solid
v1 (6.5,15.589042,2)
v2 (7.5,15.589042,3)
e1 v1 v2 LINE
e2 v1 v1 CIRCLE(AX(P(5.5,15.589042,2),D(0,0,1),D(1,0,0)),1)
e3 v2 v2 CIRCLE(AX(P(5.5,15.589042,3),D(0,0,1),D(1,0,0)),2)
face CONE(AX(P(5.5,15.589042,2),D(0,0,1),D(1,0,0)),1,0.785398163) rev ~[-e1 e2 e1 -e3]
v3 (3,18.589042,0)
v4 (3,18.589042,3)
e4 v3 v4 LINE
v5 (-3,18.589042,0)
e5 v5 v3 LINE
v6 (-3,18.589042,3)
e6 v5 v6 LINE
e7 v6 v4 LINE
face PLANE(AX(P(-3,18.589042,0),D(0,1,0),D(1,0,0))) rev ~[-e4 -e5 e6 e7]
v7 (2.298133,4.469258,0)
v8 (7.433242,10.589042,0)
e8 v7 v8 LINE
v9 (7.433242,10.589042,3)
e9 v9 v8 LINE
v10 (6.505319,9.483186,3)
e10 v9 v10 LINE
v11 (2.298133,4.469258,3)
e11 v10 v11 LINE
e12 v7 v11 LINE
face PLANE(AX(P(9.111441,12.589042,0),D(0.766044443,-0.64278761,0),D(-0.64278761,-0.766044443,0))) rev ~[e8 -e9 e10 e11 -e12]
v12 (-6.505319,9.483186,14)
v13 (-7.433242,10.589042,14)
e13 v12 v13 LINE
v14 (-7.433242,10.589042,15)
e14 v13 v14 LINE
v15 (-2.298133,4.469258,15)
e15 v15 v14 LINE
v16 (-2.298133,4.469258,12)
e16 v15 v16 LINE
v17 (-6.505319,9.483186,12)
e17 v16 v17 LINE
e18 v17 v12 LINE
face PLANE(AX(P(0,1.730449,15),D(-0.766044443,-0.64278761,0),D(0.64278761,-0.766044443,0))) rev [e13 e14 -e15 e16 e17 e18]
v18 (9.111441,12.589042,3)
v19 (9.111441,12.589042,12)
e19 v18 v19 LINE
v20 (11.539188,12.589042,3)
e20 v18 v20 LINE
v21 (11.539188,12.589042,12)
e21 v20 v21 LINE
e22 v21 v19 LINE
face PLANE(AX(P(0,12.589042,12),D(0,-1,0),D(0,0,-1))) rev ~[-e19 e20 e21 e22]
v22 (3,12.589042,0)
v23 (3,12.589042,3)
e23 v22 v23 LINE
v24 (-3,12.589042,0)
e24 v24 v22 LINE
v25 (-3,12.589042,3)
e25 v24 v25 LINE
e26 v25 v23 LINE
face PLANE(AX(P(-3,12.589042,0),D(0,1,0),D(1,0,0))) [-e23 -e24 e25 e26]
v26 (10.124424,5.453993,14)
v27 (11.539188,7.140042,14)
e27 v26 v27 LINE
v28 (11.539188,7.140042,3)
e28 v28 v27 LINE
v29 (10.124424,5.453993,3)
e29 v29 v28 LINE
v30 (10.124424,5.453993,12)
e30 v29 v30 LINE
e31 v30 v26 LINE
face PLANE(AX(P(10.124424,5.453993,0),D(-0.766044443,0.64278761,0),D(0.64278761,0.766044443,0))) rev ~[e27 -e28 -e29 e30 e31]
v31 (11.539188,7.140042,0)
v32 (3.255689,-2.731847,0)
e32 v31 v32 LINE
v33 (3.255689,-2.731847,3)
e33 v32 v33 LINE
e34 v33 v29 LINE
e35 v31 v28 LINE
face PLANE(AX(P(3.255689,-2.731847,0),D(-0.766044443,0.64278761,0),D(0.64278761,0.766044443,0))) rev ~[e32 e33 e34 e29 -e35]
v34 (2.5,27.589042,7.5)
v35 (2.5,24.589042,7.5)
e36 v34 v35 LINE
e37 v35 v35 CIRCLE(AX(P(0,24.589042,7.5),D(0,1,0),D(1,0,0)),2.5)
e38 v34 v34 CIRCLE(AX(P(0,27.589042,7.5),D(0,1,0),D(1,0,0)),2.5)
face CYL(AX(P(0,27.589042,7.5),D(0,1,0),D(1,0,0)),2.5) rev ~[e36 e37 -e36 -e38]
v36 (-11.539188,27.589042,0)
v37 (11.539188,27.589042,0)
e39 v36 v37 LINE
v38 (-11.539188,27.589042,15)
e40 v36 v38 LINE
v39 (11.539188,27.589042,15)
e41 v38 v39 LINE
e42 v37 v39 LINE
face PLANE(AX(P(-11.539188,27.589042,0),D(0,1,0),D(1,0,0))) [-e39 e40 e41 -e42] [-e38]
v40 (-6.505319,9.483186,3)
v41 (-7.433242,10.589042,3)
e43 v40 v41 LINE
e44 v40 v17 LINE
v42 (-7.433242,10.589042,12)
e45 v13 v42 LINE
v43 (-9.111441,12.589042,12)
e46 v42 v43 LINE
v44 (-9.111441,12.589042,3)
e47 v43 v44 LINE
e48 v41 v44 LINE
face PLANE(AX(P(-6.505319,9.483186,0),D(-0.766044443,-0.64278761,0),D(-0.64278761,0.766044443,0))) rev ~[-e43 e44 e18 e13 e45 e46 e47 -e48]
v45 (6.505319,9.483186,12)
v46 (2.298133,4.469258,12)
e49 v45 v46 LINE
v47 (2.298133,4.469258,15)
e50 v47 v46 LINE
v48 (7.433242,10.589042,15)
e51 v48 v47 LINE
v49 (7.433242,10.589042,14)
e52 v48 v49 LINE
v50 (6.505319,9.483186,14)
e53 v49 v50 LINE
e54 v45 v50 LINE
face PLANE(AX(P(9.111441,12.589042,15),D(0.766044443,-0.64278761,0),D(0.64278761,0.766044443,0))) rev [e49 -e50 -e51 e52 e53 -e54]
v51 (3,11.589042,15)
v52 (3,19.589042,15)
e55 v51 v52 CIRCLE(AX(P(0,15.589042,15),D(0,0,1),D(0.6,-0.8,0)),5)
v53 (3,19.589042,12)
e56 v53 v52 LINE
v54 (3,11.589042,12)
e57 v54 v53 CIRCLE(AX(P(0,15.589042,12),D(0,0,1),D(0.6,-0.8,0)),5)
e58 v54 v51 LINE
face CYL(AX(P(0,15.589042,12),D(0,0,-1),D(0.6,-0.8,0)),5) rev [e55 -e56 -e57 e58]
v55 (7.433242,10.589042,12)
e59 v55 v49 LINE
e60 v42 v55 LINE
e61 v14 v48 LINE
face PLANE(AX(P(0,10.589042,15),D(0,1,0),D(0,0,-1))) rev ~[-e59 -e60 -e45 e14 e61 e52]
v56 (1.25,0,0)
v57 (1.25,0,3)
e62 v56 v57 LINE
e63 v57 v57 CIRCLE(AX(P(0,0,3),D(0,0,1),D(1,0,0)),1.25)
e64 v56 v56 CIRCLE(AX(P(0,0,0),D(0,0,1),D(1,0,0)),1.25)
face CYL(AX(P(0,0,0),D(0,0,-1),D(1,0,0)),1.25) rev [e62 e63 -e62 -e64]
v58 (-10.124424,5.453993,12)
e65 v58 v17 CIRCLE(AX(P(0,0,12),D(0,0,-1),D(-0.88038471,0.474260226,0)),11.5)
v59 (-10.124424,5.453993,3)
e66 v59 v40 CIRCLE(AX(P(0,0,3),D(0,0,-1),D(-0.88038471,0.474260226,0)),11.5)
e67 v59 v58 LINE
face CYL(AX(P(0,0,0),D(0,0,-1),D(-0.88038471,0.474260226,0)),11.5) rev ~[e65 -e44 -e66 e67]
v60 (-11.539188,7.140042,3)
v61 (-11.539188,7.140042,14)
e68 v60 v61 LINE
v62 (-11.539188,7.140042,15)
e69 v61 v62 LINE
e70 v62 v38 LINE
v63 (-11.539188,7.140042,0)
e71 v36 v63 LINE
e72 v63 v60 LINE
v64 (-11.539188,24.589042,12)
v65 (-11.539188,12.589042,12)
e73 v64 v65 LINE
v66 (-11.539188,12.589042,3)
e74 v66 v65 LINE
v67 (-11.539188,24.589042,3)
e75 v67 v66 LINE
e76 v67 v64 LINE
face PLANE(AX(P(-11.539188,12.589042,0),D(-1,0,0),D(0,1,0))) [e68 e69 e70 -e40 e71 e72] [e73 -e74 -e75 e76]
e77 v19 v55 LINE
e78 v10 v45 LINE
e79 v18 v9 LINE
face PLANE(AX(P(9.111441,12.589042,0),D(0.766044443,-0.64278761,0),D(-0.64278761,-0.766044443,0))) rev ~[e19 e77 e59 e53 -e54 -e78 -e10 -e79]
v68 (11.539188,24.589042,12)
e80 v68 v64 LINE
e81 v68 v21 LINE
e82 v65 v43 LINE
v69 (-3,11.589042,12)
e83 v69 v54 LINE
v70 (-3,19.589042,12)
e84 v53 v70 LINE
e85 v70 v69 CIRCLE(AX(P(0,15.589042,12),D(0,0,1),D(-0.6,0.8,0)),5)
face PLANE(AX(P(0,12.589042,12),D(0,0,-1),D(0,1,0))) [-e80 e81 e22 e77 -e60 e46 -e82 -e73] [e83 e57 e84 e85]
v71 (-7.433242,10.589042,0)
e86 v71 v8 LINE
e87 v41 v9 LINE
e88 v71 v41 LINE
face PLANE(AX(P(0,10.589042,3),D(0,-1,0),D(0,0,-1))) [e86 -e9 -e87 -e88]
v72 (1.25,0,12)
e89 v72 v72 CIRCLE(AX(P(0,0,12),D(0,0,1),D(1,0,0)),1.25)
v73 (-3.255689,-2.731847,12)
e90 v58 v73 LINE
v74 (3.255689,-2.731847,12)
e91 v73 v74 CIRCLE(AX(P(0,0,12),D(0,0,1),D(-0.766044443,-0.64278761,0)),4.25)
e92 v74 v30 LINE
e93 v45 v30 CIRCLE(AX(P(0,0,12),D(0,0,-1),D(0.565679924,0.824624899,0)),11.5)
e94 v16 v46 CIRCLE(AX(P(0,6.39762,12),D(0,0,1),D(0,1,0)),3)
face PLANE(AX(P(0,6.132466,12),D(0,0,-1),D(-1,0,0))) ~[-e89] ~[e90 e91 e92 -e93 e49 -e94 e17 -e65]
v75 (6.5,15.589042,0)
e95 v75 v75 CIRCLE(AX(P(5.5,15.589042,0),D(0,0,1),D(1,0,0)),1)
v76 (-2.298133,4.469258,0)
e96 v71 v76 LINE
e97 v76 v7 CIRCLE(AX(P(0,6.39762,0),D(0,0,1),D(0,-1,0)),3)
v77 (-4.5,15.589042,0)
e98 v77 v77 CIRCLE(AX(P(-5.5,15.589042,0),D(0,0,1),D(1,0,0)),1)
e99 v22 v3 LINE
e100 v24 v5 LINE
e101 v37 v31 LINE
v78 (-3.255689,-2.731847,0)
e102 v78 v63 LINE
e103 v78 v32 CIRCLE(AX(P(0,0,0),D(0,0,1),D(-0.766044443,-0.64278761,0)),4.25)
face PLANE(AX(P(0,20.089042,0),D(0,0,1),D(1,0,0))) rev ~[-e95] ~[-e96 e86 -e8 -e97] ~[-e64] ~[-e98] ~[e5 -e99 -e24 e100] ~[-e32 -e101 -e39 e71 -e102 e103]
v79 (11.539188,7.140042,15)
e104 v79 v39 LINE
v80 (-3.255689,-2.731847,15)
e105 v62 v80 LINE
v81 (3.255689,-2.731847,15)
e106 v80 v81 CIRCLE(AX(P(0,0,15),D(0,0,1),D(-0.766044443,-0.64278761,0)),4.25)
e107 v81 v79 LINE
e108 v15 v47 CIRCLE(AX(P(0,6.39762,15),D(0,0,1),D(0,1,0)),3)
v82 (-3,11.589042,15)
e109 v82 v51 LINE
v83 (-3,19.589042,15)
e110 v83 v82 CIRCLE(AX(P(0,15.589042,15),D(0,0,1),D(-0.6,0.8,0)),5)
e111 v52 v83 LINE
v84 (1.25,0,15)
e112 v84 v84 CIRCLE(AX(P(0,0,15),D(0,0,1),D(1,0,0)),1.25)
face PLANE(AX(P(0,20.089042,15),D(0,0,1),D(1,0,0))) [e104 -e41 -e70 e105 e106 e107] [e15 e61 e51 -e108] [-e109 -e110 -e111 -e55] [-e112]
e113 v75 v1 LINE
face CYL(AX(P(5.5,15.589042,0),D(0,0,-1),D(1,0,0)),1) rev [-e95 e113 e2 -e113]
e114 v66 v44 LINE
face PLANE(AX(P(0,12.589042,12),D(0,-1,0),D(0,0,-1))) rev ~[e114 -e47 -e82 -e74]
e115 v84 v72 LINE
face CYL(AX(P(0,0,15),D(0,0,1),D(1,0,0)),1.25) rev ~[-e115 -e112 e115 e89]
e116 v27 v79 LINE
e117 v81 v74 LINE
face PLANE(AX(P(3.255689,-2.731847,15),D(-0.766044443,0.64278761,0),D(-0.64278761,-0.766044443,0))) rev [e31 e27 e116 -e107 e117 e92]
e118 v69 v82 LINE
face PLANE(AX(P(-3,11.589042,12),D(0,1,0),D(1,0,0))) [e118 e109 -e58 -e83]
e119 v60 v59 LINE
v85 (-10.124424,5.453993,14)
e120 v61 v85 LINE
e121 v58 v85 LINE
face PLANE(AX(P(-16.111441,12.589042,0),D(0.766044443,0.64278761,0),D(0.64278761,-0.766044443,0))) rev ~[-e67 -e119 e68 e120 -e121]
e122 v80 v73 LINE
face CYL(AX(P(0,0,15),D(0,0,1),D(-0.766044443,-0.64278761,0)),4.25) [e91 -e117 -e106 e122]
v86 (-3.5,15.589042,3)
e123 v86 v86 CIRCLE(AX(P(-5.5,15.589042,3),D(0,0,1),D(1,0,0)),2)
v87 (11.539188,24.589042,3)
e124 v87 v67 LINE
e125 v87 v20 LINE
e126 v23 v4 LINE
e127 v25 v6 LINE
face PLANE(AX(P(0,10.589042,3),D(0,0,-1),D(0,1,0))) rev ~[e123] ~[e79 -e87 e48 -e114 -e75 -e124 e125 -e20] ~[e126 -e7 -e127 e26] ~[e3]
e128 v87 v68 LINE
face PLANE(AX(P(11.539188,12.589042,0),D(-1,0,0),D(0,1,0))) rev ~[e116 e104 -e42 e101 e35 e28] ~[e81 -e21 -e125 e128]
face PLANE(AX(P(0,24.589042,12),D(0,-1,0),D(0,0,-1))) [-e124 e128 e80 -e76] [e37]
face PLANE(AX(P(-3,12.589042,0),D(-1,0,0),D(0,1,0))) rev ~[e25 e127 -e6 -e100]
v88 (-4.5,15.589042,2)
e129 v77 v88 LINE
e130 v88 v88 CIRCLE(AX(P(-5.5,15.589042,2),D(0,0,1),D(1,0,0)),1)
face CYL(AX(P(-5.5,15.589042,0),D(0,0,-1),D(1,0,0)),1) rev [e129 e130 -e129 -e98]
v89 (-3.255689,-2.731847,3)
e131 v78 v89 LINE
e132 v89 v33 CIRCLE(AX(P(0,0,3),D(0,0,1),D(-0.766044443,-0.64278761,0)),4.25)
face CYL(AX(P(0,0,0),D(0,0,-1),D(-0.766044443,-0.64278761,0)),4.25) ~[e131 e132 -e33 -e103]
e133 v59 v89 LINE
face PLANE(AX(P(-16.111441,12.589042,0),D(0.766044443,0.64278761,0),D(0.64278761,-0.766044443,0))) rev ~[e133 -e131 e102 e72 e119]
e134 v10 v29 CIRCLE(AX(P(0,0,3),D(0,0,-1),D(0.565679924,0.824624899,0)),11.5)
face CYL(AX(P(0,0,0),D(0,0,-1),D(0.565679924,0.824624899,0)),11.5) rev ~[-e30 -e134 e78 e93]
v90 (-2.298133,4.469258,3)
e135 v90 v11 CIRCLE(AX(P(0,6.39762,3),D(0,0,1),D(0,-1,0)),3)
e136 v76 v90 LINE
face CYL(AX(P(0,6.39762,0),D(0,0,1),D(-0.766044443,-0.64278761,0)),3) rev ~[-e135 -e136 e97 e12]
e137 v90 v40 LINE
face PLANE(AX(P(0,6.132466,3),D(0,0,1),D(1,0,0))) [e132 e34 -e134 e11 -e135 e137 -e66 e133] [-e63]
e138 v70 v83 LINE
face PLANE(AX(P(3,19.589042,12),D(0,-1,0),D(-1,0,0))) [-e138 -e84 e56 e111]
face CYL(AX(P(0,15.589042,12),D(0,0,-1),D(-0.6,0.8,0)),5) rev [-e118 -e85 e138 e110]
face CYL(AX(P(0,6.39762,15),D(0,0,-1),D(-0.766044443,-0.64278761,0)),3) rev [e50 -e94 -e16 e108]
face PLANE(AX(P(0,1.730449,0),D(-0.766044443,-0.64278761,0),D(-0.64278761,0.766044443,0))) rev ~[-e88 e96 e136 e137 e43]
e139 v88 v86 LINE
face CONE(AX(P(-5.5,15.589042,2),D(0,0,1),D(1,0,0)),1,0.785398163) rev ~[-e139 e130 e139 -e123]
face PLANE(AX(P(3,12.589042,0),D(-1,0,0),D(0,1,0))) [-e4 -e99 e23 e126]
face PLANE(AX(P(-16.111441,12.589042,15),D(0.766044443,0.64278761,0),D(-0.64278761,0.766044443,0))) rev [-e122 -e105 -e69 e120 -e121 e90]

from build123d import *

# Parameters (mm, degrees)
SKETCH1_R           = 1.25
BOSS_EXTRUDE1_DEPTH = 3
BOSS_EXTRUDE2_DEPTH = 14
FILLET1_R           = 1
FILLET3_R           = 3
CUT_EXTRUDE1_DEPTH  = 15
SKETCH8_W           = 23.078375234
SKETCH8_H           = 15
BOSS_EXTRUDE6_DEPTH = 15
SKETCH9_W           = 9
SKETCH9_H           = 12
CUT_EXTRUDE4_DEPTH  = 12.5
SKETCH10_W          = 3
SKETCH10_H          = 2
BOSS_EXTRUDE8_DEPTH = 11.5
CUT_EXTRUDE5_START  = 12
CUT_EXTRUDE5_DEPTH  = 3
SKETCH12_R          = 1
SKETCH12_W          = 6
SKETCH12_H          = 6
CUT_EXTRUDE6_DEPTH  = 3
CUT_EXTRUDE7_START  = 27.589042
SKETCH13_R          = 2.5
CUT_EXTRUDE7_DEPTH  = 4
CHAMFER1_SIZE       = 1


with BuildPart() as part:
    # Sketch1 → Boss-Extrude1 (new body)
    with BuildSketch(Plane.XY):
        with BuildLine():
            Line((-16.111441077, 12.589041521), (-3.255688883, -2.731847341))
            ThreePointArc((-3.255688883, -2.731847341), (0, -4.25), (3.255688883, -2.731847341))
            Line((3.255688883, -2.731847341), (16.111441077, 12.589041521))
            Line((16.111441077, 12.589041521), (9.111441077, 12.589041521))
            Line((9.111441077, 12.589041521), (0, 1.730448884))
            Line((0, 1.730448884), (-9.111441077, 12.589041521))
            Line((-9.111441077, 12.589041521), (-16.111441077, 12.589041521))
        make_face()
        Circle(SKETCH1_R, mode=Mode.SUBTRACT)
    boss_extrude1 = extrude(amount=BOSS_EXTRUDE1_DEPTH)

    # Sketch2 → Boss-Extrude2 (add)
    with BuildSketch(Plane.XY):
        with BuildLine():
            Line((16.111441077, 12.589041521), (9.111441077, 12.589041521))
            Line((9.111441077, 12.589041521), (6.505319132, 9.483186331))
            ThreePointArc((6.505319132, 9.483186331), (8.555448033, 7.684680147), (10.124424164, 5.453992606))
            Line((10.124424164, 5.453992606), (16.111441077, 12.589041521))
        make_face()
        with BuildLine():
            Line((-9.111441077, 12.589041521), (-16.111441077, 12.589041521))
            Line((-16.111441077, 12.589041521), (-10.124424164, 5.453992606))
            ThreePointArc((-10.124424164, 5.453992606), (-8.555448033, 7.684680147), (-6.505319132, 9.483186331))
            Line((-6.505319132, 9.483186331), (-9.111441077, 12.589041521))
        make_face()
    extrude(amount=BOSS_EXTRUDE2_DEPTH)

    # Mirror1: Boss-Extrude1 across plane
    add(boss_extrude1.mirror(Plane(origin=(0, 0, 7.5), x_dir=(1, 0, 0), z_dir=(0, 0, -1))))

    # Fillet1
    fillet1_edges = [part.edges().sort_by_distance(p)[0] for p in [
        (16.111441077, 12.589041521, 7.5),
        (-16.111441077, 12.589041521, 7.5),
    ]]
    fillet(fillet1_edges, radius=FILLET1_R)

    # Fillet3
    fillet3_edges = [part.edges().sort_by_distance(p)[0] for p in [
        (0, 1.730448884, 1.5),
        (0, 1.730448884, 13.5),
    ]]
    fillet(fillet3_edges, radius=FILLET3_R)

    # Sketch5 → Cut-Extrude1 (cut)
    with BuildSketch(Plane.XY):
        Polygon((11.539187617, 12.589041521), (11.539187617, 7.140042034), (16.111441077, 12.589041521), align=None)
        Polygon((-11.539187617, 12.589041521), (-11.539187617, 7.140042034), (-16.111441077, 12.589041521), align=None)
    extrude(amount=CUT_EXTRUDE1_DEPTH, mode=Mode.SUBTRACT)

    # Sketch8 → Boss-Extrude6 (add)
    with BuildSketch(Plane.XY):
        with Locations((0, 20.089041521)):
            Rectangle(SKETCH8_W, SKETCH8_H)
    extrude(amount=BOSS_EXTRUDE6_DEPTH)

    # Sketch9 → Cut-Extrude4 (cut, symmetric)
    with BuildSketch(Plane(origin=(0, 0, 0), x_dir=(0, 0, -1), z_dir=(1, 0, 0))):
        with Locations((-7.5, 18.589041521)):
            Rectangle(SKETCH9_W, SKETCH9_H)
    extrude(amount=CUT_EXTRUDE4_DEPTH, both=True, mode=Mode.SUBTRACT)

    # Sketch10 → Boss-Extrude8 (add, symmetric)
    with BuildSketch(Plane(origin=(0, 0, 0), x_dir=(0, 0, -1), z_dir=(1, 0, 0))):
        with Locations((-13.5, 11.589041521)):
            Rectangle(SKETCH10_W, SKETCH10_H)
        with Locations((-1.5, 11.589041521)):
            Rectangle(SKETCH10_W, SKETCH10_H)
    extrude(amount=BOSS_EXTRUDE8_DEPTH, both=True)

    # Sketch11 → Cut-Extrude5 (cut)
    with BuildSketch(Plane.XY.offset(CUT_EXTRUDE5_START)):
        with BuildLine():
            Line((-3, 11.589041521), (3, 11.589041521))
            ThreePointArc((3, 11.589041521), (5, 15.589041521), (3, 19.589041521))
            Line((3, 19.589041521), (-3, 19.589041521))
            ThreePointArc((-3, 19.589041521), (-5, 15.589041521), (-3, 11.589041521))
        make_face()
    extrude(amount=CUT_EXTRUDE5_DEPTH, mode=Mode.SUBTRACT)

    # Sketch12 → Cut-Extrude6 (cut)
    with BuildSketch(Plane.XY):
        with Locations((5.5, 15.589041521)):
            Circle(SKETCH12_R)
        with Locations((-5.5, 15.589041521)):
            Circle(SKETCH12_R)
        with Locations((0, 15.589041521)):
            Rectangle(SKETCH12_W, SKETCH12_H)
    extrude(amount=CUT_EXTRUDE6_DEPTH, mode=Mode.SUBTRACT)

    # Sketch13 → Cut-Extrude7 (cut)
    with BuildSketch(Plane(origin=(0, 0, 0), x_dir=(1, 0, 0), z_dir=(0, 1, 0)).offset(CUT_EXTRUDE7_START)):
        with Locations((0, -7.5)):
            Circle(SKETCH13_R)
    extrude(amount=-CUT_EXTRUDE7_DEPTH, mode=Mode.SUBTRACT)

    # Chamfer1
    chamfer1_edges = [part.edges().sort_by_distance(p)[0] for p in [
        (-6.5, 15.589041521, 3),
        (4.5, 15.589041521, 3),
    ]]
    chamfer(chamfer1_edges, length=CHAMFER1_SIZE)


solid = part.part
